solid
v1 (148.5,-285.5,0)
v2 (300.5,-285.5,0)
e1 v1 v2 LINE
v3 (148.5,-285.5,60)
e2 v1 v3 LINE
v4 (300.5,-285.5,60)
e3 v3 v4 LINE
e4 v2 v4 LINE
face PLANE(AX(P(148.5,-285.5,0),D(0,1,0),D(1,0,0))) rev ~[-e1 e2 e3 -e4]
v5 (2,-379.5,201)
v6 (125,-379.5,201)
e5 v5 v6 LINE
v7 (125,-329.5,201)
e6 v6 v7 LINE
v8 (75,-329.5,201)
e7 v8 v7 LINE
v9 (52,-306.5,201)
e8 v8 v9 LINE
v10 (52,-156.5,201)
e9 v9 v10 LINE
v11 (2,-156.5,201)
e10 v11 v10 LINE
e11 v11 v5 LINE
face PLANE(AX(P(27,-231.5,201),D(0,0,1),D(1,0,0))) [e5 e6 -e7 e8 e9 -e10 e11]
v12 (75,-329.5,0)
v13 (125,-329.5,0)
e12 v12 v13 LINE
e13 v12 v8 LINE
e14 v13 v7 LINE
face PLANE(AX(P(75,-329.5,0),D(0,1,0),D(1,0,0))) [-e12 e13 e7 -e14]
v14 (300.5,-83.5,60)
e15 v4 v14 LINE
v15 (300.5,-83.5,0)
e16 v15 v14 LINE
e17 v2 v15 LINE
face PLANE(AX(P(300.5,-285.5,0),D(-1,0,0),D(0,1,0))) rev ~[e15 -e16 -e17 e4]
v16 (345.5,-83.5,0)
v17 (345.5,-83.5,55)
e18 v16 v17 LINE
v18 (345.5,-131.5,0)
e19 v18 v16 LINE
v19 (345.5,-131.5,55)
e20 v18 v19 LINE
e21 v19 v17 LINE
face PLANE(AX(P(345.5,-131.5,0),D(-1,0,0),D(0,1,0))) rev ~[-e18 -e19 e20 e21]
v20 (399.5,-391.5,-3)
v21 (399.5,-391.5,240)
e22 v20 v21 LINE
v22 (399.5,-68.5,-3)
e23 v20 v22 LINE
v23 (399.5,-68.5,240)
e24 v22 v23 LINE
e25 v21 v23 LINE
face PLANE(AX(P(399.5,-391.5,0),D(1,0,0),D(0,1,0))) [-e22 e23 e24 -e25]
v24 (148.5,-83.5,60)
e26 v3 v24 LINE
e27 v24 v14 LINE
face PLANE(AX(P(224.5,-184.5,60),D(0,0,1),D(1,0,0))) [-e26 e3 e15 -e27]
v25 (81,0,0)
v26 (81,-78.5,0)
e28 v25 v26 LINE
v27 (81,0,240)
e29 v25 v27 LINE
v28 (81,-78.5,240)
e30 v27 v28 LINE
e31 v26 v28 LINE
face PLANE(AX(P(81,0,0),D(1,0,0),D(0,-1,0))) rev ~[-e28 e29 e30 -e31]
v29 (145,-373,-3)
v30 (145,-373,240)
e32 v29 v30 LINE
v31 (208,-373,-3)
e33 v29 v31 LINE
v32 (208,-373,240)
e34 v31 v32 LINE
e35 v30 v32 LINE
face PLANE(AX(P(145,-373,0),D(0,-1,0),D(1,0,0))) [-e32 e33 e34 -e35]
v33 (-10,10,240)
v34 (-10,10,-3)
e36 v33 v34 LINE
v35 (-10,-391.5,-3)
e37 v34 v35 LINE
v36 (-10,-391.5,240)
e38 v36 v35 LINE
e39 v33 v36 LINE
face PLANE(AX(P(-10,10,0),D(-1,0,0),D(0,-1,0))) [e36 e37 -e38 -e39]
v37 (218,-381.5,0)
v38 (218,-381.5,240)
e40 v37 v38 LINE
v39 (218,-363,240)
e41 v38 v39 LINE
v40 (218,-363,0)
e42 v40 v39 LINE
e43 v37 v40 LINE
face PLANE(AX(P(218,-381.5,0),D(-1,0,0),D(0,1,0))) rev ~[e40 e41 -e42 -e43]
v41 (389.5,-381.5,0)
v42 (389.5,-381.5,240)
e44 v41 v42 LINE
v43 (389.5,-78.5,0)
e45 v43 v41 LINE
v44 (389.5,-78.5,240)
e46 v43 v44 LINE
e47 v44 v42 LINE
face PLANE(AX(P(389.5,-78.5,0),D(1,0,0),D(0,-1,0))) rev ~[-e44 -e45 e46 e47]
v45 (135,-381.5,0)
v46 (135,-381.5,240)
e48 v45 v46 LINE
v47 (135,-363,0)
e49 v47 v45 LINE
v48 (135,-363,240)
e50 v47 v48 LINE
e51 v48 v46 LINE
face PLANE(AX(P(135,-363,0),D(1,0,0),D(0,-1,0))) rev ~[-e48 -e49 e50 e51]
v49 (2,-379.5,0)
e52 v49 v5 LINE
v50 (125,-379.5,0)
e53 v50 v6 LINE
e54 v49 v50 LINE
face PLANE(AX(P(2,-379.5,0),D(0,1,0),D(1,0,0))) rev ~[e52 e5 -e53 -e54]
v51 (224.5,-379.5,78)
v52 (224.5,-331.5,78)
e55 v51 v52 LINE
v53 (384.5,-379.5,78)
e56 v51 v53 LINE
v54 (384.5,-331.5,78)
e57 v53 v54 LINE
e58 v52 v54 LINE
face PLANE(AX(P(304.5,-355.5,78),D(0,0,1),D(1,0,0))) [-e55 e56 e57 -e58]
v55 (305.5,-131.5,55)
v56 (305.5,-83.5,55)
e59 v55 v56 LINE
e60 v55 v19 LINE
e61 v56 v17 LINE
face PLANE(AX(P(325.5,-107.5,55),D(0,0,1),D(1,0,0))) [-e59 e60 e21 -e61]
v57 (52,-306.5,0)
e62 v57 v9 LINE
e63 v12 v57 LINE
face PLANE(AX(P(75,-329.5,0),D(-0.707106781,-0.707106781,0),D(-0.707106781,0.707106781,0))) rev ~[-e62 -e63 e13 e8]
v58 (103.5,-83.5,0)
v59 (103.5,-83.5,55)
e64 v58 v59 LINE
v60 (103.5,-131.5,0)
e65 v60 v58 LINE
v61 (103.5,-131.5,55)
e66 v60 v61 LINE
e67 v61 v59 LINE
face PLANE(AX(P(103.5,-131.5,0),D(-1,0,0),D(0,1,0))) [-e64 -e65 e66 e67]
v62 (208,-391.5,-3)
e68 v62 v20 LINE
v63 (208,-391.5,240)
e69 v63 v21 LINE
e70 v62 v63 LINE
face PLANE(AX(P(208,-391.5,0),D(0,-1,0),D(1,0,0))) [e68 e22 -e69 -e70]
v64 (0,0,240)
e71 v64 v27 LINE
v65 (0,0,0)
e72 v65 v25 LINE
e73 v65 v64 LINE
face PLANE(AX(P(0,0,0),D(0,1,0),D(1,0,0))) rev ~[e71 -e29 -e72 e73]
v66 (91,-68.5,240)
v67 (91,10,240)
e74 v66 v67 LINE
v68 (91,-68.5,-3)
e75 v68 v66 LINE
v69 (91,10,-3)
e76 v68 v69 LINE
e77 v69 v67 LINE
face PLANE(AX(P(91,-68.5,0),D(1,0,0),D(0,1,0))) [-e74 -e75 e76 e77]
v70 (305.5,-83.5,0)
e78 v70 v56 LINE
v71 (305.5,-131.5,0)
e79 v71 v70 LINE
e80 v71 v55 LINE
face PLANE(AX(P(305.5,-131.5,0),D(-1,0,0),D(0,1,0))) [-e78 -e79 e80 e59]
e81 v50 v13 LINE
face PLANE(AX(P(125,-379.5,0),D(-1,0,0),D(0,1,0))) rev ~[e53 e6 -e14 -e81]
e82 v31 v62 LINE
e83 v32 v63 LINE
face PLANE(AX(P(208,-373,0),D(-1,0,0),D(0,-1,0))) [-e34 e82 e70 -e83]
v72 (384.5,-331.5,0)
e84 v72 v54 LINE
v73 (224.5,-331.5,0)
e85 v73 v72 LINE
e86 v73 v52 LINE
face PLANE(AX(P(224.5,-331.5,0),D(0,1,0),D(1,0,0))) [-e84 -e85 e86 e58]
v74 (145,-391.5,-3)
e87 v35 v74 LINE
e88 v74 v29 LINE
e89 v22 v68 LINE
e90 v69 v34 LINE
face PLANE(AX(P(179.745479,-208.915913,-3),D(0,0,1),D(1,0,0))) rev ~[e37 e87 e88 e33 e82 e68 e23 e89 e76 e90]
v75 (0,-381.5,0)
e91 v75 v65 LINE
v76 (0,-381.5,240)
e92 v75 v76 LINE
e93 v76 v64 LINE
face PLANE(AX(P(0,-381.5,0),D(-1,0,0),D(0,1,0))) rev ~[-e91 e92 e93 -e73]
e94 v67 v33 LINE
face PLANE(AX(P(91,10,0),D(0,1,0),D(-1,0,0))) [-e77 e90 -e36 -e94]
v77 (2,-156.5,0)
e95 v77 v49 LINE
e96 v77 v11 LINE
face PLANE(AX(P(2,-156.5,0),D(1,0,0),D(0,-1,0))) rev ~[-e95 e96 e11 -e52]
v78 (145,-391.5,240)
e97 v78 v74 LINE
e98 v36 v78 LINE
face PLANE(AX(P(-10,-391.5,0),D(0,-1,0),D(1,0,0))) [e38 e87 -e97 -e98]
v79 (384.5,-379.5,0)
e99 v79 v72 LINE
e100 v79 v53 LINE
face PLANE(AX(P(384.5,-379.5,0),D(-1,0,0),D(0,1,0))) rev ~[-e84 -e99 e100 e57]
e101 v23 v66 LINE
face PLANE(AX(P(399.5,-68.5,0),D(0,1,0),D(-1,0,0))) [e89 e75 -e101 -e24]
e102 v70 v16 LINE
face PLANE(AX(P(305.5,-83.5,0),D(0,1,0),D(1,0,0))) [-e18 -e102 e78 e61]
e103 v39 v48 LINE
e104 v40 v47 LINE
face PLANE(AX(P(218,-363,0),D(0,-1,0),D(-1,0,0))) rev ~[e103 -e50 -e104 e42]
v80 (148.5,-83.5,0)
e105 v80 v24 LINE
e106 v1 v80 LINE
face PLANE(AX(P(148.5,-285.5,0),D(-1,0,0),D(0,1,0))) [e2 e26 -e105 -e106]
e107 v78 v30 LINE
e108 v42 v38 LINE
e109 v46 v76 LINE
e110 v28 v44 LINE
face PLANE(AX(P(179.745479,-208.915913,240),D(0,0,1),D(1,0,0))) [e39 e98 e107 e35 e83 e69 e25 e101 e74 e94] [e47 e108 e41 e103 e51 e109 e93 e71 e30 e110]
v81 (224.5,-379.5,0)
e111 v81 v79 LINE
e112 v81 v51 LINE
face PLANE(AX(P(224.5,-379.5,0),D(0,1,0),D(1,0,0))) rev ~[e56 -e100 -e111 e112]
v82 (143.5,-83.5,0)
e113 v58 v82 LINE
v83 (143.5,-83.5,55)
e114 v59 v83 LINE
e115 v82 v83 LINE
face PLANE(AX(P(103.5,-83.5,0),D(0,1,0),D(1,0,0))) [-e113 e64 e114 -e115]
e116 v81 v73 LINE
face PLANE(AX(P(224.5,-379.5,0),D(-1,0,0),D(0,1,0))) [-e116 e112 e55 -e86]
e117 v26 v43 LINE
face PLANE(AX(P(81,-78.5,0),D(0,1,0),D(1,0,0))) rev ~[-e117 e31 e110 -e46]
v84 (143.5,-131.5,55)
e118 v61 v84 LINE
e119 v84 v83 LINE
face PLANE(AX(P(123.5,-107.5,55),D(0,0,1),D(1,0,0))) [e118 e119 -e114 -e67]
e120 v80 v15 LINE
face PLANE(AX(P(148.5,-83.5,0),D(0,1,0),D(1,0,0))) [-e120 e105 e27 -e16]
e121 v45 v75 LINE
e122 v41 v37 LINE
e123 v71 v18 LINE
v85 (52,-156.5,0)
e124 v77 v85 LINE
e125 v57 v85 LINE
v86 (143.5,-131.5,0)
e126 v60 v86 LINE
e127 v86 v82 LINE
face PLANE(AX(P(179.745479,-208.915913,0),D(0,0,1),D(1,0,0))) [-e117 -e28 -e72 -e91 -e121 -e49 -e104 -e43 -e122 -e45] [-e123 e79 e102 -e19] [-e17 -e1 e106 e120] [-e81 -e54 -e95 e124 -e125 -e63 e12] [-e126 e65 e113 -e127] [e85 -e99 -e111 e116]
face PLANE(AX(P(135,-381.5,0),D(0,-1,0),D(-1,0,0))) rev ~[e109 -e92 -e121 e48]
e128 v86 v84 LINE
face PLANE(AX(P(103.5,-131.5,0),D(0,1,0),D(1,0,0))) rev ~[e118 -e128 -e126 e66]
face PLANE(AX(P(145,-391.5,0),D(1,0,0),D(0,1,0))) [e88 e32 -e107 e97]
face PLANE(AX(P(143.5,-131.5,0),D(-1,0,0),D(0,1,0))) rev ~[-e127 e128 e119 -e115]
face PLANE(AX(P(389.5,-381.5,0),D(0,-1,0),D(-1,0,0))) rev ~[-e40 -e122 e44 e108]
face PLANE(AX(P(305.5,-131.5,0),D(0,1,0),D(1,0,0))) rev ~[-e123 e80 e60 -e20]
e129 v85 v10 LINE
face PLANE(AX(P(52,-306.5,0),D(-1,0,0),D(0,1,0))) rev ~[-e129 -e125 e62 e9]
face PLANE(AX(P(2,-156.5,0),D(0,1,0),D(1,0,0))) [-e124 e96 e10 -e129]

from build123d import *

# Parameters (mm, degrees)
F1_DEPTH = 240
F0_W     = 160
F0_H     = 48
F0_W_2   = 40
F0_W_3   = 152
F0_H_2   = 202
F0_W_4   = 50
F0_H_3   = 150
F0_H_4   = 50
F2_DEPTH = 3
F3_DEPTH = 201
F4_DEPTH = 55
F5_DEPTH = 60
F6_DEPTH = 78


with BuildPart() as f1:
    # F0 (on Top) → F1 (new body)
    with BuildSketch(Plane.XY):
        Polygon((145, -391.5), (145, -373), (208, -373), (208, -391.5), (399.5, -391.5), (399.5, -68.5), (91, -68.5), (91, 10), (-10, 10), (-10, -391.5), align=None)
        Polygon((0, -381.5), (0, 0), (81, 0), (81, -78.5), (389.5, -78.5), (389.5, -381.5), (218, -381.5), (218, -363), (135, -363), (135, -381.5), align=None, mode=Mode.SUBTRACT)
    extrude(amount=F1_DEPTH)

    # F0 (on Top) → F2 (join)
    with BuildSketch(Plane.XY):
        Polygon((145, -391.5), (145, -373), (208, -373), (208, -391.5), (399.5, -391.5), (399.5, -68.5), (91, -68.5), (91, 10), (-10, 10), (-10, -391.5), align=None)
        Polygon((0, -381.5), (0, 0), (81, 0), (81, -78.5), (389.5, -78.5), (389.5, -381.5), (218, -381.5), (218, -363), (135, -363), (135, -381.5), align=None, mode=Mode.SUBTRACT)
        Polygon((81, 0), (0, 0), (0, -381.5), (135, -381.5), (135, -363), (218, -363), (218, -381.5), (389.5, -381.5), (389.5, -78.5), (81, -78.5), align=None)
        Polygon((2, -306.5), (2, -156.5), (52, -156.5), (52, -306.5), (75, -329.5), (125, -329.5), (125, -379.5), (75, -379.5), (2, -379.5), align=None, mode=Mode.SUBTRACT)
        with Locations((304.5, -355.5)):
            Rectangle(F0_W, F0_H, mode=Mode.SUBTRACT)
        with Locations((123.5, -107.5)):
            Rectangle(F0_W_2, F0_H, mode=Mode.SUBTRACT)
        with Locations((224.5, -184.5)):
            Rectangle(F0_W_3, F0_H_2, mode=Mode.SUBTRACT)
        with Locations((325.5, -107.5)):
            Rectangle(F0_W_2, F0_H, mode=Mode.SUBTRACT)
        with Locations((27, -231.5)):
            Rectangle(F0_W_4, F0_H_3)
        with Locations((224.5, -184.5)):
            Rectangle(F0_W_3, F0_H_2)
        with Locations((123.5, -107.5)):
            Rectangle(F0_W_2, F0_H)
        with Locations((325.5, -107.5)):
            Rectangle(F0_W_2, F0_H)
        with Locations((304.5, -355.5)):
            Rectangle(F0_W, F0_H)
        Polygon((52, -306.5), (2, -306.5), (2, -379.5), (75, -379.5), (75, -329.5), align=None)
        with Locations((100, -354.5)):
            Rectangle(F0_W_4, F0_H_4)
    extrude(amount=-F2_DEPTH)

    # F0 (on Top) → F3 (join)
    with BuildSketch(Plane.XY):
        with Locations((27, -231.5)):
            Rectangle(F0_W_4, F0_H_3)
        Polygon((52, -306.5), (2, -306.5), (2, -379.5), (75, -379.5), (75, -329.5), align=None)
        with Locations((100, -354.5)):
            Rectangle(F0_W_4, F0_H_4)
    extrude(amount=F3_DEPTH)

    # F0 (on Top) → F4 (join)
    with BuildSketch(Plane.XY):
        with Locations((123.5, -107.5)):
            Rectangle(F0_W_2, F0_H)
        with Locations((325.5, -107.5)):
            Rectangle(F0_W_2, F0_H)
    extrude(amount=F4_DEPTH)

    # F0 (on Top) → F5 (join)
    with BuildSketch(Plane.XY):
        with Locations((224.5, -184.5)):
            Rectangle(F0_W_3, F0_H_2)
    extrude(amount=F5_DEPTH)

    # F0 (on Top) → F6 (join)
    with BuildSketch(Plane.XY):
        with Locations((304.5, -355.5)):
            Rectangle(F0_W, F0_H)
    extrude(amount=F6_DEPTH)


solid = f1.part
